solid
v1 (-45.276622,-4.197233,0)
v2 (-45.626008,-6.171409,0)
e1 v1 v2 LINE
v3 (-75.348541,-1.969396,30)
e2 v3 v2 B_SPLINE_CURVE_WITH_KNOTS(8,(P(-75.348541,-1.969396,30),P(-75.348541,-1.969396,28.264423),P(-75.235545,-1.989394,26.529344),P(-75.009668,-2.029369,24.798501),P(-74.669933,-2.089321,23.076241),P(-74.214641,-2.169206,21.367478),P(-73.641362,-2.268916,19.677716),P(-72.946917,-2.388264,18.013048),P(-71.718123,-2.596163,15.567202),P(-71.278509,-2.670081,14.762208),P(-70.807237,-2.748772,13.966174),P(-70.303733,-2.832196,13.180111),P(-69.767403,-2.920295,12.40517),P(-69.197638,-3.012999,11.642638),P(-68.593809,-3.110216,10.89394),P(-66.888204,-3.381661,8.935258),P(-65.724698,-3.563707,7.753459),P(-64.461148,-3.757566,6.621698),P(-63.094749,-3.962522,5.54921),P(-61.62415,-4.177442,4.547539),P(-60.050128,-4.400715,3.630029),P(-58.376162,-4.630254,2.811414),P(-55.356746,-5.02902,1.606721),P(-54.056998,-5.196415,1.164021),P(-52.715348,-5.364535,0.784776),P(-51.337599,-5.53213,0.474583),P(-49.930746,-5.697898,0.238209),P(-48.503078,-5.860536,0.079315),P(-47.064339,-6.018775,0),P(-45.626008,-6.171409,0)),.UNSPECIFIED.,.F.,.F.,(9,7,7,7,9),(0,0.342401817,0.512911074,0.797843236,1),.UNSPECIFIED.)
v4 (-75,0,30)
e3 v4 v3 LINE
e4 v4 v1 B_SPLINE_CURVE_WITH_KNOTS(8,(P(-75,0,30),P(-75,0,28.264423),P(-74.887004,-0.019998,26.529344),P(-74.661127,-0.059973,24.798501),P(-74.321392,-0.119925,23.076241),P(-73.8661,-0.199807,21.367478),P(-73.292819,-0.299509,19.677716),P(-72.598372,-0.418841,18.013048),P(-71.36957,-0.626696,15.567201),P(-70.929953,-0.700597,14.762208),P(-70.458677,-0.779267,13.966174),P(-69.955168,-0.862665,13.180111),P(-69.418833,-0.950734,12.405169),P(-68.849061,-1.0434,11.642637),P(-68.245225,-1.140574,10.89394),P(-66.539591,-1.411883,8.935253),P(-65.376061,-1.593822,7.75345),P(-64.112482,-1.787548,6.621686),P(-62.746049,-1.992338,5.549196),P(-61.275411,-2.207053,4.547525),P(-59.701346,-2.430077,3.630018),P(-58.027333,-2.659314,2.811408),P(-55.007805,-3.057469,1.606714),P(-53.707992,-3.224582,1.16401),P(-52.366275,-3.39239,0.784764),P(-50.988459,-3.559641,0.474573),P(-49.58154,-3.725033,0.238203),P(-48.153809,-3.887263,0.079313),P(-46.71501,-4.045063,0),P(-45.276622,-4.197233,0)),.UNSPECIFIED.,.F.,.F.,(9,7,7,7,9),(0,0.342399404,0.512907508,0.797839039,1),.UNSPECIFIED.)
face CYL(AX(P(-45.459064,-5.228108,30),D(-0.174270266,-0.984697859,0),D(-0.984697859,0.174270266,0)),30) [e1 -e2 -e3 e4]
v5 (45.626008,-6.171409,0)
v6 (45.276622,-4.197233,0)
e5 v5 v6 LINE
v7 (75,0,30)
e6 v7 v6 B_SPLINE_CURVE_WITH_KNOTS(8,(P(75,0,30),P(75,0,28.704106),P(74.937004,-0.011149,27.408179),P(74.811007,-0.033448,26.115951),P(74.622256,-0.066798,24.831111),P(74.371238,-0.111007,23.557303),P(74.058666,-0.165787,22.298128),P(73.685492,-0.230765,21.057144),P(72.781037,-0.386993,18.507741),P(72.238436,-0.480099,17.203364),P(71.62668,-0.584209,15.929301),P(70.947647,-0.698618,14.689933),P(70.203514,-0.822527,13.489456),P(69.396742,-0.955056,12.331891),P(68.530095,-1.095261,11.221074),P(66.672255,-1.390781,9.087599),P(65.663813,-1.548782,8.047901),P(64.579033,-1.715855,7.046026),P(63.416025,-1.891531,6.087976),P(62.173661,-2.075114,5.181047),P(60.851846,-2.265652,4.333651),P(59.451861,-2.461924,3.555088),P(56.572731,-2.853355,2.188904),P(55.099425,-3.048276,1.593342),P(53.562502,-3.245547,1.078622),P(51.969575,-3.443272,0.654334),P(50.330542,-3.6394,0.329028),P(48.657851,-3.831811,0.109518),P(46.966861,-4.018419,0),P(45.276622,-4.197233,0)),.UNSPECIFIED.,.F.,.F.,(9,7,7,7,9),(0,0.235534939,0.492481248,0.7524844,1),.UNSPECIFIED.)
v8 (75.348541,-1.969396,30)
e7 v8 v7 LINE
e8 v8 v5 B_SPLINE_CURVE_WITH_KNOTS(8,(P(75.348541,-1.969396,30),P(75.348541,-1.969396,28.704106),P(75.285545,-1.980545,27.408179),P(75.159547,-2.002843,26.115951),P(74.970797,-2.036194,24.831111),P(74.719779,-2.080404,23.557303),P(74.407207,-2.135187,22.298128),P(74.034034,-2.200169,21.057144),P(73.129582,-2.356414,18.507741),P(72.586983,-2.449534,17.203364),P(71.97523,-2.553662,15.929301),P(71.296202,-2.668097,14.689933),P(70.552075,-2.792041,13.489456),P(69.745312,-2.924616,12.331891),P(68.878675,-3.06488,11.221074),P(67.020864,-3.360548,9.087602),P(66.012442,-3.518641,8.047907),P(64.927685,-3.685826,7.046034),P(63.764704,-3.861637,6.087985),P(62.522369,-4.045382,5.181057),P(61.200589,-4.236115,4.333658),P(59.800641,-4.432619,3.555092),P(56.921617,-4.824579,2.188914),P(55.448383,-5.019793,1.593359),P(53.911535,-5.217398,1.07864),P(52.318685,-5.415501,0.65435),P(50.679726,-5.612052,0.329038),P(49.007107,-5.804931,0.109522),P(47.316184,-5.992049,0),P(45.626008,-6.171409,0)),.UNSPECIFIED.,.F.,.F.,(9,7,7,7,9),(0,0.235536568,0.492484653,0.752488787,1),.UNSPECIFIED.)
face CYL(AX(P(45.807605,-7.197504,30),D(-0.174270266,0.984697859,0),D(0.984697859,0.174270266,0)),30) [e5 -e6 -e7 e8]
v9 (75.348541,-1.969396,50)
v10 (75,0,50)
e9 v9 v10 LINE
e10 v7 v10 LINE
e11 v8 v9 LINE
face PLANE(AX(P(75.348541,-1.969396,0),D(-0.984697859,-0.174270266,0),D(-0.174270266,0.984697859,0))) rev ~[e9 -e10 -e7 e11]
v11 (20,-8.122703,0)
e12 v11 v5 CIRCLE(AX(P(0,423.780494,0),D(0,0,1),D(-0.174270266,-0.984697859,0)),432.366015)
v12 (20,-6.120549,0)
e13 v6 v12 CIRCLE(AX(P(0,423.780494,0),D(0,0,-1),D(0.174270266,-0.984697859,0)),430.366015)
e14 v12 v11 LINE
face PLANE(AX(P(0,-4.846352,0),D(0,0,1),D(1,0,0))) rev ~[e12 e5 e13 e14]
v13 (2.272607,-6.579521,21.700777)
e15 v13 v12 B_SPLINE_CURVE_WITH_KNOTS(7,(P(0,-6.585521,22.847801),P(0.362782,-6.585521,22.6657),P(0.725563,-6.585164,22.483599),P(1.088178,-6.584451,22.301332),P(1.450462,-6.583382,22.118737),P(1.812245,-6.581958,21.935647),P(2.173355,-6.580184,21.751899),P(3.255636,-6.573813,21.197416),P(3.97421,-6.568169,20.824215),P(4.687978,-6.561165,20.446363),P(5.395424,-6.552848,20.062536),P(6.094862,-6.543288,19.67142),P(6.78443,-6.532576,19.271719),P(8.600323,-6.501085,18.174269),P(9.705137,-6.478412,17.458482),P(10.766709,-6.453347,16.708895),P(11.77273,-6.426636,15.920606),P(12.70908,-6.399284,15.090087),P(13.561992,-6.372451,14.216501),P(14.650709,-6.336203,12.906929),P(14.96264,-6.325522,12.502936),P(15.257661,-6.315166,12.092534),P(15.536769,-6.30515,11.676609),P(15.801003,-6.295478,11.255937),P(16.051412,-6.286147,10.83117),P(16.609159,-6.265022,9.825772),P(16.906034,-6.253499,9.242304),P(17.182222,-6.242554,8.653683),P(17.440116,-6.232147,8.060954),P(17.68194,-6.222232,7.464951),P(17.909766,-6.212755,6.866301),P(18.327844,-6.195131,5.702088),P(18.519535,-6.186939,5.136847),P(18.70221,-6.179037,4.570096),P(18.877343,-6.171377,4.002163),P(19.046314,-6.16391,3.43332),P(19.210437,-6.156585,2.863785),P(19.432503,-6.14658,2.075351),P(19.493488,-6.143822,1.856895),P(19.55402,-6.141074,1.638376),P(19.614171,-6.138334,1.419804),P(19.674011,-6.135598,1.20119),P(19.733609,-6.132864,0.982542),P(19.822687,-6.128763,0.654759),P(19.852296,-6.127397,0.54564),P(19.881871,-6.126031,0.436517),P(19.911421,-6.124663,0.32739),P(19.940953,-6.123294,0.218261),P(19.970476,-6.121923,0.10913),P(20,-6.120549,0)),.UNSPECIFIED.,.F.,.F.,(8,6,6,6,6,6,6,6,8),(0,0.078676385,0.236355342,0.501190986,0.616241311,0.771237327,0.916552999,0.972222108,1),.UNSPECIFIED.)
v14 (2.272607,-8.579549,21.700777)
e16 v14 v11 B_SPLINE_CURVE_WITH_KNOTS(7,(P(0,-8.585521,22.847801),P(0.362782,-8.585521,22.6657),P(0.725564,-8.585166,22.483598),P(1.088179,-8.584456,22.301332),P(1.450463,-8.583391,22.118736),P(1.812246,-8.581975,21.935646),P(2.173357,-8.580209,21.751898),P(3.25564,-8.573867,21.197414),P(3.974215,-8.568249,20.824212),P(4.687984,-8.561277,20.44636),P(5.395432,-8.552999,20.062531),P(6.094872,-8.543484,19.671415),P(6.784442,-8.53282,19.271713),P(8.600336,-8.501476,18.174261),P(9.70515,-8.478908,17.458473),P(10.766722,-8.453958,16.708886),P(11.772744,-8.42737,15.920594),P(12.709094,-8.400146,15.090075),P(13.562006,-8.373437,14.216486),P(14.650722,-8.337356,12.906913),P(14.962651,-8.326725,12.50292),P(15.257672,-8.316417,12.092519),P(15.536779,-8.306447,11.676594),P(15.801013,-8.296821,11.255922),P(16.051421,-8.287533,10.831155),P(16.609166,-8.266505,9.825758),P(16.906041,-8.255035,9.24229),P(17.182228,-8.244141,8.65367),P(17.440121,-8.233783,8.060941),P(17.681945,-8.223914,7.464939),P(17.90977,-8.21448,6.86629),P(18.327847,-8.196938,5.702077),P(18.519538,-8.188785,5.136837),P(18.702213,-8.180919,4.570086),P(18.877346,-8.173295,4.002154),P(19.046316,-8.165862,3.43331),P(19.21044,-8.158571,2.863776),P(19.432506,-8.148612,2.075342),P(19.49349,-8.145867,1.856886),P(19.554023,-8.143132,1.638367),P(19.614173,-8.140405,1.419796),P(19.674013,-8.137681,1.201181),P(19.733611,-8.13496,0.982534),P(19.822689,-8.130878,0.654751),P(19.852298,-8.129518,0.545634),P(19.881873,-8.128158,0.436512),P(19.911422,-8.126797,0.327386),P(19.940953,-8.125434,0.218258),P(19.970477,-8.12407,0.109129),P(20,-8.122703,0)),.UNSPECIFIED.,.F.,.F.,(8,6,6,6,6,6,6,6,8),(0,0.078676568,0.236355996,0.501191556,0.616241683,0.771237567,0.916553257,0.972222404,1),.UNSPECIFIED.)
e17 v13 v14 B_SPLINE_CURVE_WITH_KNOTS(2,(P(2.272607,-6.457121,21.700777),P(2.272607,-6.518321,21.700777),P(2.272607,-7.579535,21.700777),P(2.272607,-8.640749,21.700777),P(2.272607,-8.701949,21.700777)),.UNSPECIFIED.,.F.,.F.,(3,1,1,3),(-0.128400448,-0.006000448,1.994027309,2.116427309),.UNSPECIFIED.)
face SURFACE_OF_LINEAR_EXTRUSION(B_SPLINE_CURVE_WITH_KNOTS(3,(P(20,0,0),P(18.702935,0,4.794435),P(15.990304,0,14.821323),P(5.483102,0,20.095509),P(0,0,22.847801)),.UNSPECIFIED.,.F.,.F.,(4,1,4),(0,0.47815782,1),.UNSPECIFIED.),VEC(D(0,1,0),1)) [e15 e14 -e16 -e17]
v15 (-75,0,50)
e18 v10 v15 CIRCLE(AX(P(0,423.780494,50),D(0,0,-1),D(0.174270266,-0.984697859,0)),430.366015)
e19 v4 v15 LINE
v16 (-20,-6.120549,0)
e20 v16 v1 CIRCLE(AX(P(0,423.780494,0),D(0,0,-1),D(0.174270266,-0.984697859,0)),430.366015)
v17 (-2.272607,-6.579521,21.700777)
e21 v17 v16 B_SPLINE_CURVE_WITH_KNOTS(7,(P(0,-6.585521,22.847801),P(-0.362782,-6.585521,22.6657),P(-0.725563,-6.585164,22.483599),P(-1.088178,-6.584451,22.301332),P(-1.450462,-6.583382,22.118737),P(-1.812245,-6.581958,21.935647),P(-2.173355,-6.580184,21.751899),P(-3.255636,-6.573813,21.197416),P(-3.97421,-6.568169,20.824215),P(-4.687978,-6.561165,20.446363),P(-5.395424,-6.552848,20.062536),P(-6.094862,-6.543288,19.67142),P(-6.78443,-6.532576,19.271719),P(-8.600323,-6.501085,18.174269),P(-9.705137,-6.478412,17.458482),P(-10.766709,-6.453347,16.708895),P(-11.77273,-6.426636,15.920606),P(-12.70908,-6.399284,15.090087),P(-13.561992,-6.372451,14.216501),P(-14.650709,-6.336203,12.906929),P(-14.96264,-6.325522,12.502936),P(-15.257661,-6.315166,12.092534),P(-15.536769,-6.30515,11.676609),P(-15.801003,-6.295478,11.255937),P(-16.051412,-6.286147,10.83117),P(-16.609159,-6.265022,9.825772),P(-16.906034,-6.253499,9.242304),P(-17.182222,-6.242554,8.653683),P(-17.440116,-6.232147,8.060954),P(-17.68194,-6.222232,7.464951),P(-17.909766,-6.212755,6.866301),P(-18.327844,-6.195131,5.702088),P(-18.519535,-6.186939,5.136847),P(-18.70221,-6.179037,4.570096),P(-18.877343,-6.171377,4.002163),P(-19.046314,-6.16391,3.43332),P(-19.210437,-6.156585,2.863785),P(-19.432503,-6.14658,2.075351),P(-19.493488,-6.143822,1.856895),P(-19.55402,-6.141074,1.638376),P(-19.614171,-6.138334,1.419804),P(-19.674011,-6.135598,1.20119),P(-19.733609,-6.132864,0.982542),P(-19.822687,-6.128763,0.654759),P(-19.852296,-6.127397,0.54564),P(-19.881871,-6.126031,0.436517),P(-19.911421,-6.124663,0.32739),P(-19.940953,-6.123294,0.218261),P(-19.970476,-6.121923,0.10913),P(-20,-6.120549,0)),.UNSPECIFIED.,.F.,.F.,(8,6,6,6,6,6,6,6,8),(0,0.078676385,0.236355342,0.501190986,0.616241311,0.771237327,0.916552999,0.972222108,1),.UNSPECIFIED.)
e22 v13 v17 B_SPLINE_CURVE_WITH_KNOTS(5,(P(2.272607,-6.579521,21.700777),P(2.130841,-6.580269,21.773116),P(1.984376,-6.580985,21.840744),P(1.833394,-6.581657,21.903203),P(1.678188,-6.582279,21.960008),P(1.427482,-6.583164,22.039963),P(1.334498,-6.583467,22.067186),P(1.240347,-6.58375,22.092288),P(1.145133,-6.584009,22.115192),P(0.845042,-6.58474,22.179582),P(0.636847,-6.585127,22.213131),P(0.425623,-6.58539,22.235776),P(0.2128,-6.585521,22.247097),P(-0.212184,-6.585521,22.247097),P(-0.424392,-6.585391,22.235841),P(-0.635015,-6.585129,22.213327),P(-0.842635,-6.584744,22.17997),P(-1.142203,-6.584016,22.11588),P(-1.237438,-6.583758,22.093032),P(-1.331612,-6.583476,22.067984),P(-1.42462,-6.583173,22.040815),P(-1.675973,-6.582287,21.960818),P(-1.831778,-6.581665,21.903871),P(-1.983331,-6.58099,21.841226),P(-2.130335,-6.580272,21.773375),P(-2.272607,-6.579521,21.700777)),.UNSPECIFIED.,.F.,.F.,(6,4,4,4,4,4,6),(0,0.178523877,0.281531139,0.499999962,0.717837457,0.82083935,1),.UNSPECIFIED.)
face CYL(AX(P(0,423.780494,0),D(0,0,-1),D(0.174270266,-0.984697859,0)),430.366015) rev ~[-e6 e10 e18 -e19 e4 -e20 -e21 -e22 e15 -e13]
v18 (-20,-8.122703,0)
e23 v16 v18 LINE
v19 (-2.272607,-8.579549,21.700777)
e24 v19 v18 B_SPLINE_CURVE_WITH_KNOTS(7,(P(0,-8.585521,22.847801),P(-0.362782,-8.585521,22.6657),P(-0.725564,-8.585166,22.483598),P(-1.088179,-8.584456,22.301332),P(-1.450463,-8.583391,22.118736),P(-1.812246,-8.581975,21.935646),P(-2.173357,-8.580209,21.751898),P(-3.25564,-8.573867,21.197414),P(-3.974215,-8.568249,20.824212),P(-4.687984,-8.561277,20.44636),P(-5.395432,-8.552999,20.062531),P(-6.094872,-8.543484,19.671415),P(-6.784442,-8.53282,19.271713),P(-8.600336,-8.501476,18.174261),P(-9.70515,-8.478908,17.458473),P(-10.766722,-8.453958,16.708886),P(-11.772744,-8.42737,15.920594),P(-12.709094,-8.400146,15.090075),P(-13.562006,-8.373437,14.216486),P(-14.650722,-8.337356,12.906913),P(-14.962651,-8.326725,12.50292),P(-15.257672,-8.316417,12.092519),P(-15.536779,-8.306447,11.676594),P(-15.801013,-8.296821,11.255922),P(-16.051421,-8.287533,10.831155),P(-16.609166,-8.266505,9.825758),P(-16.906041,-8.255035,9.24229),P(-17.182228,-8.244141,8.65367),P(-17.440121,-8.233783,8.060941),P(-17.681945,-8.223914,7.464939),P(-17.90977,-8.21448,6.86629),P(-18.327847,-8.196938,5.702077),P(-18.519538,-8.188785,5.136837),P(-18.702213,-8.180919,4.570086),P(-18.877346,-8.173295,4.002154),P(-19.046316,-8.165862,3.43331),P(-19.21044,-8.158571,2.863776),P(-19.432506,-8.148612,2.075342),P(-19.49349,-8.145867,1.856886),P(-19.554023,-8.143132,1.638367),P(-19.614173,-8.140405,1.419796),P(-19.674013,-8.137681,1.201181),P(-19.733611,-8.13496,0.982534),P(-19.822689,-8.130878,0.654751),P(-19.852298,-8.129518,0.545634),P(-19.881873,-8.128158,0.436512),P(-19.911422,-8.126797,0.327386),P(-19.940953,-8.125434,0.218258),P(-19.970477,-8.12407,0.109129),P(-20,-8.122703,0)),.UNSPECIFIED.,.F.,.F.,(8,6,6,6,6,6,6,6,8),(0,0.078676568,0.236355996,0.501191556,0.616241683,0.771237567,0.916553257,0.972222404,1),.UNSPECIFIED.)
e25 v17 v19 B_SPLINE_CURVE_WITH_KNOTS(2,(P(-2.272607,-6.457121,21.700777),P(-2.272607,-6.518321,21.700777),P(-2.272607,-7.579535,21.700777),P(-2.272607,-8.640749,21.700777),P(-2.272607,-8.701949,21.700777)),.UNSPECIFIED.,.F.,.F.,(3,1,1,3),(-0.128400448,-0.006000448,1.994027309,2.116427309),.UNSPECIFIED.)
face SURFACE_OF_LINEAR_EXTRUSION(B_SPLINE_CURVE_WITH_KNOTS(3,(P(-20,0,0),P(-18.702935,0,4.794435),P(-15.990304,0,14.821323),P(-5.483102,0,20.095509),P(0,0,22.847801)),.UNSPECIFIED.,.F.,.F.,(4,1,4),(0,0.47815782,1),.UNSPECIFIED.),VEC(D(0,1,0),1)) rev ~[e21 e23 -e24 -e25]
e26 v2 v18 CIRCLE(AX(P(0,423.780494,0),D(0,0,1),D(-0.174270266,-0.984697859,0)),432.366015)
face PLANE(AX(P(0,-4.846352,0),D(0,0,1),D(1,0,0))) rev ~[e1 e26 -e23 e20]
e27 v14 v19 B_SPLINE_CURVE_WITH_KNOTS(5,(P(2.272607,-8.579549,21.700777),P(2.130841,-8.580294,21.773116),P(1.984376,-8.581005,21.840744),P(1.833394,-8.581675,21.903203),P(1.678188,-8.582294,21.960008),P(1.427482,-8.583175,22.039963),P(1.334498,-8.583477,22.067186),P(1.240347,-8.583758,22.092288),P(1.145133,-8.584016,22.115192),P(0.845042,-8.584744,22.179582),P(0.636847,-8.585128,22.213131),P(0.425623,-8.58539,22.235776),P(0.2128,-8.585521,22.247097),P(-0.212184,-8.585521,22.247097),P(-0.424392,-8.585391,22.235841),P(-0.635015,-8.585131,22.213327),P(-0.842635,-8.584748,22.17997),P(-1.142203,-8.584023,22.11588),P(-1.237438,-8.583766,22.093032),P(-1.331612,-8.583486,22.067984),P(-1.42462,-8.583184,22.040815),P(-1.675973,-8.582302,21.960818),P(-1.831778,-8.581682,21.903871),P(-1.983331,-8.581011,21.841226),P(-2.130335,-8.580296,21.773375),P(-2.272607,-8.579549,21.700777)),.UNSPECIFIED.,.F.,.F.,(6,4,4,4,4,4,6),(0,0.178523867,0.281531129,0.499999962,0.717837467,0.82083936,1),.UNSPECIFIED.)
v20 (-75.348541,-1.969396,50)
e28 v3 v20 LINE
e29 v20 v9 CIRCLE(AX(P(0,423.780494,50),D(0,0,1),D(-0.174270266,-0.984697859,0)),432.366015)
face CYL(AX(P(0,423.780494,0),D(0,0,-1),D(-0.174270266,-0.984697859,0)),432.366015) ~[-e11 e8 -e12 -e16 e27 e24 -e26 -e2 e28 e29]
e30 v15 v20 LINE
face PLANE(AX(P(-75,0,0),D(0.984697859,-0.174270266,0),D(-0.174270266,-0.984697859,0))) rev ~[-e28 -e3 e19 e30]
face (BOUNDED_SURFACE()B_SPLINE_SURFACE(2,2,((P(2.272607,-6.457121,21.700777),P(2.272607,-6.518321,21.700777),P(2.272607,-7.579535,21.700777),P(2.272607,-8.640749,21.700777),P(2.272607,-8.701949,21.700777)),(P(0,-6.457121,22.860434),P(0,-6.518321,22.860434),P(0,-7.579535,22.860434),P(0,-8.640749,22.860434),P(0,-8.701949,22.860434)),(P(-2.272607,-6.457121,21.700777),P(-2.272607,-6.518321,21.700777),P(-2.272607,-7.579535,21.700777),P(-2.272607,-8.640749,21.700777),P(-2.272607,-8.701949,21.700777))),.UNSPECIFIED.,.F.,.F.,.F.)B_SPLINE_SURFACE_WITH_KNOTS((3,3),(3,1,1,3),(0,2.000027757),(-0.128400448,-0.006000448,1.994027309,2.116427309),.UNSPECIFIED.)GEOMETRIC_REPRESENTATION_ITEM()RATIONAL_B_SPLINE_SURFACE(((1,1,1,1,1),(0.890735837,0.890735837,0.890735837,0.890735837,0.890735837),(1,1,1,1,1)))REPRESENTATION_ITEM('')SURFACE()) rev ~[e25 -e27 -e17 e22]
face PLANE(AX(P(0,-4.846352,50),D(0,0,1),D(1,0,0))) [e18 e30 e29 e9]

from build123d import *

# Parameters (mm, degrees)
F1_DEPTH = 50
F2_R     = 30
F4_DEPTH = 9.585521368
F5_R     = 5


with BuildPart() as f1:
    # F0 (on Top) → F1 (new body)
    with BuildSketch(Plane.XY):
        with BuildLine():
            ThreePointArc((75, 0), (0, -6.585521268), (-75, 0))
            Line((-75, 0), (-75.3485405324, -1.9693957188))
            ThreePointArc((-75.3485405324, -1.9693957188), (0, -8.585521268), (75.3485405324, -1.9693957188))
            Line((75.3485405324, -1.9693957188), (75, 0))
        make_face()
    extrude(amount=F1_DEPTH)

    # F2
    f2_edges = [f1.edges().sort_by_distance(p)[0] for p in [
        (75.17427, -0.984698, 0),
        (-75.17427, -0.984698, 0),
    ]]
    fillet(f2_edges, radius=F2_R)

    # F3 (on Front) → F4 (cut, up to face)
    with BuildSketch(Plane.XZ):
        with BuildLine():
            Line((-20, 0), (0, 0))
            Line((0, 0), (20, 0))
            add(Edge.make_bspline(
                [(20, 0), (18.7029346188, 4.7944349411), (15.9903043356, 14.8213230228), (5.4831015914, 20.0955088265), (0, 22.8478014469)],
                knots=[0, 0, 0, 0, 0.4781578195, 1, 1, 1, 1], degree=3))
            add(Edge.make_bspline(
                [(-20, 0), (-18.7029346188, 4.7944349411), (-15.9903043356, 14.8213230228), (-5.4831015914, 20.0955088265), (0, 22.8478014469)],
                knots=[0, 0, 0, 0, 0.4781578195, 1, 1, 1, 1], degree=3))
        make_face()
    extrude(amount=F4_DEPTH, mode=Mode.SUBTRACT)

    # F5
    f5_edges = [f1.edges().sort_by_distance(p)[0] for p in [
        (0, -7.585521, 22.847801),
    ]]
    fillet(f5_edges, radius=F5_R)


solid = f1.part
